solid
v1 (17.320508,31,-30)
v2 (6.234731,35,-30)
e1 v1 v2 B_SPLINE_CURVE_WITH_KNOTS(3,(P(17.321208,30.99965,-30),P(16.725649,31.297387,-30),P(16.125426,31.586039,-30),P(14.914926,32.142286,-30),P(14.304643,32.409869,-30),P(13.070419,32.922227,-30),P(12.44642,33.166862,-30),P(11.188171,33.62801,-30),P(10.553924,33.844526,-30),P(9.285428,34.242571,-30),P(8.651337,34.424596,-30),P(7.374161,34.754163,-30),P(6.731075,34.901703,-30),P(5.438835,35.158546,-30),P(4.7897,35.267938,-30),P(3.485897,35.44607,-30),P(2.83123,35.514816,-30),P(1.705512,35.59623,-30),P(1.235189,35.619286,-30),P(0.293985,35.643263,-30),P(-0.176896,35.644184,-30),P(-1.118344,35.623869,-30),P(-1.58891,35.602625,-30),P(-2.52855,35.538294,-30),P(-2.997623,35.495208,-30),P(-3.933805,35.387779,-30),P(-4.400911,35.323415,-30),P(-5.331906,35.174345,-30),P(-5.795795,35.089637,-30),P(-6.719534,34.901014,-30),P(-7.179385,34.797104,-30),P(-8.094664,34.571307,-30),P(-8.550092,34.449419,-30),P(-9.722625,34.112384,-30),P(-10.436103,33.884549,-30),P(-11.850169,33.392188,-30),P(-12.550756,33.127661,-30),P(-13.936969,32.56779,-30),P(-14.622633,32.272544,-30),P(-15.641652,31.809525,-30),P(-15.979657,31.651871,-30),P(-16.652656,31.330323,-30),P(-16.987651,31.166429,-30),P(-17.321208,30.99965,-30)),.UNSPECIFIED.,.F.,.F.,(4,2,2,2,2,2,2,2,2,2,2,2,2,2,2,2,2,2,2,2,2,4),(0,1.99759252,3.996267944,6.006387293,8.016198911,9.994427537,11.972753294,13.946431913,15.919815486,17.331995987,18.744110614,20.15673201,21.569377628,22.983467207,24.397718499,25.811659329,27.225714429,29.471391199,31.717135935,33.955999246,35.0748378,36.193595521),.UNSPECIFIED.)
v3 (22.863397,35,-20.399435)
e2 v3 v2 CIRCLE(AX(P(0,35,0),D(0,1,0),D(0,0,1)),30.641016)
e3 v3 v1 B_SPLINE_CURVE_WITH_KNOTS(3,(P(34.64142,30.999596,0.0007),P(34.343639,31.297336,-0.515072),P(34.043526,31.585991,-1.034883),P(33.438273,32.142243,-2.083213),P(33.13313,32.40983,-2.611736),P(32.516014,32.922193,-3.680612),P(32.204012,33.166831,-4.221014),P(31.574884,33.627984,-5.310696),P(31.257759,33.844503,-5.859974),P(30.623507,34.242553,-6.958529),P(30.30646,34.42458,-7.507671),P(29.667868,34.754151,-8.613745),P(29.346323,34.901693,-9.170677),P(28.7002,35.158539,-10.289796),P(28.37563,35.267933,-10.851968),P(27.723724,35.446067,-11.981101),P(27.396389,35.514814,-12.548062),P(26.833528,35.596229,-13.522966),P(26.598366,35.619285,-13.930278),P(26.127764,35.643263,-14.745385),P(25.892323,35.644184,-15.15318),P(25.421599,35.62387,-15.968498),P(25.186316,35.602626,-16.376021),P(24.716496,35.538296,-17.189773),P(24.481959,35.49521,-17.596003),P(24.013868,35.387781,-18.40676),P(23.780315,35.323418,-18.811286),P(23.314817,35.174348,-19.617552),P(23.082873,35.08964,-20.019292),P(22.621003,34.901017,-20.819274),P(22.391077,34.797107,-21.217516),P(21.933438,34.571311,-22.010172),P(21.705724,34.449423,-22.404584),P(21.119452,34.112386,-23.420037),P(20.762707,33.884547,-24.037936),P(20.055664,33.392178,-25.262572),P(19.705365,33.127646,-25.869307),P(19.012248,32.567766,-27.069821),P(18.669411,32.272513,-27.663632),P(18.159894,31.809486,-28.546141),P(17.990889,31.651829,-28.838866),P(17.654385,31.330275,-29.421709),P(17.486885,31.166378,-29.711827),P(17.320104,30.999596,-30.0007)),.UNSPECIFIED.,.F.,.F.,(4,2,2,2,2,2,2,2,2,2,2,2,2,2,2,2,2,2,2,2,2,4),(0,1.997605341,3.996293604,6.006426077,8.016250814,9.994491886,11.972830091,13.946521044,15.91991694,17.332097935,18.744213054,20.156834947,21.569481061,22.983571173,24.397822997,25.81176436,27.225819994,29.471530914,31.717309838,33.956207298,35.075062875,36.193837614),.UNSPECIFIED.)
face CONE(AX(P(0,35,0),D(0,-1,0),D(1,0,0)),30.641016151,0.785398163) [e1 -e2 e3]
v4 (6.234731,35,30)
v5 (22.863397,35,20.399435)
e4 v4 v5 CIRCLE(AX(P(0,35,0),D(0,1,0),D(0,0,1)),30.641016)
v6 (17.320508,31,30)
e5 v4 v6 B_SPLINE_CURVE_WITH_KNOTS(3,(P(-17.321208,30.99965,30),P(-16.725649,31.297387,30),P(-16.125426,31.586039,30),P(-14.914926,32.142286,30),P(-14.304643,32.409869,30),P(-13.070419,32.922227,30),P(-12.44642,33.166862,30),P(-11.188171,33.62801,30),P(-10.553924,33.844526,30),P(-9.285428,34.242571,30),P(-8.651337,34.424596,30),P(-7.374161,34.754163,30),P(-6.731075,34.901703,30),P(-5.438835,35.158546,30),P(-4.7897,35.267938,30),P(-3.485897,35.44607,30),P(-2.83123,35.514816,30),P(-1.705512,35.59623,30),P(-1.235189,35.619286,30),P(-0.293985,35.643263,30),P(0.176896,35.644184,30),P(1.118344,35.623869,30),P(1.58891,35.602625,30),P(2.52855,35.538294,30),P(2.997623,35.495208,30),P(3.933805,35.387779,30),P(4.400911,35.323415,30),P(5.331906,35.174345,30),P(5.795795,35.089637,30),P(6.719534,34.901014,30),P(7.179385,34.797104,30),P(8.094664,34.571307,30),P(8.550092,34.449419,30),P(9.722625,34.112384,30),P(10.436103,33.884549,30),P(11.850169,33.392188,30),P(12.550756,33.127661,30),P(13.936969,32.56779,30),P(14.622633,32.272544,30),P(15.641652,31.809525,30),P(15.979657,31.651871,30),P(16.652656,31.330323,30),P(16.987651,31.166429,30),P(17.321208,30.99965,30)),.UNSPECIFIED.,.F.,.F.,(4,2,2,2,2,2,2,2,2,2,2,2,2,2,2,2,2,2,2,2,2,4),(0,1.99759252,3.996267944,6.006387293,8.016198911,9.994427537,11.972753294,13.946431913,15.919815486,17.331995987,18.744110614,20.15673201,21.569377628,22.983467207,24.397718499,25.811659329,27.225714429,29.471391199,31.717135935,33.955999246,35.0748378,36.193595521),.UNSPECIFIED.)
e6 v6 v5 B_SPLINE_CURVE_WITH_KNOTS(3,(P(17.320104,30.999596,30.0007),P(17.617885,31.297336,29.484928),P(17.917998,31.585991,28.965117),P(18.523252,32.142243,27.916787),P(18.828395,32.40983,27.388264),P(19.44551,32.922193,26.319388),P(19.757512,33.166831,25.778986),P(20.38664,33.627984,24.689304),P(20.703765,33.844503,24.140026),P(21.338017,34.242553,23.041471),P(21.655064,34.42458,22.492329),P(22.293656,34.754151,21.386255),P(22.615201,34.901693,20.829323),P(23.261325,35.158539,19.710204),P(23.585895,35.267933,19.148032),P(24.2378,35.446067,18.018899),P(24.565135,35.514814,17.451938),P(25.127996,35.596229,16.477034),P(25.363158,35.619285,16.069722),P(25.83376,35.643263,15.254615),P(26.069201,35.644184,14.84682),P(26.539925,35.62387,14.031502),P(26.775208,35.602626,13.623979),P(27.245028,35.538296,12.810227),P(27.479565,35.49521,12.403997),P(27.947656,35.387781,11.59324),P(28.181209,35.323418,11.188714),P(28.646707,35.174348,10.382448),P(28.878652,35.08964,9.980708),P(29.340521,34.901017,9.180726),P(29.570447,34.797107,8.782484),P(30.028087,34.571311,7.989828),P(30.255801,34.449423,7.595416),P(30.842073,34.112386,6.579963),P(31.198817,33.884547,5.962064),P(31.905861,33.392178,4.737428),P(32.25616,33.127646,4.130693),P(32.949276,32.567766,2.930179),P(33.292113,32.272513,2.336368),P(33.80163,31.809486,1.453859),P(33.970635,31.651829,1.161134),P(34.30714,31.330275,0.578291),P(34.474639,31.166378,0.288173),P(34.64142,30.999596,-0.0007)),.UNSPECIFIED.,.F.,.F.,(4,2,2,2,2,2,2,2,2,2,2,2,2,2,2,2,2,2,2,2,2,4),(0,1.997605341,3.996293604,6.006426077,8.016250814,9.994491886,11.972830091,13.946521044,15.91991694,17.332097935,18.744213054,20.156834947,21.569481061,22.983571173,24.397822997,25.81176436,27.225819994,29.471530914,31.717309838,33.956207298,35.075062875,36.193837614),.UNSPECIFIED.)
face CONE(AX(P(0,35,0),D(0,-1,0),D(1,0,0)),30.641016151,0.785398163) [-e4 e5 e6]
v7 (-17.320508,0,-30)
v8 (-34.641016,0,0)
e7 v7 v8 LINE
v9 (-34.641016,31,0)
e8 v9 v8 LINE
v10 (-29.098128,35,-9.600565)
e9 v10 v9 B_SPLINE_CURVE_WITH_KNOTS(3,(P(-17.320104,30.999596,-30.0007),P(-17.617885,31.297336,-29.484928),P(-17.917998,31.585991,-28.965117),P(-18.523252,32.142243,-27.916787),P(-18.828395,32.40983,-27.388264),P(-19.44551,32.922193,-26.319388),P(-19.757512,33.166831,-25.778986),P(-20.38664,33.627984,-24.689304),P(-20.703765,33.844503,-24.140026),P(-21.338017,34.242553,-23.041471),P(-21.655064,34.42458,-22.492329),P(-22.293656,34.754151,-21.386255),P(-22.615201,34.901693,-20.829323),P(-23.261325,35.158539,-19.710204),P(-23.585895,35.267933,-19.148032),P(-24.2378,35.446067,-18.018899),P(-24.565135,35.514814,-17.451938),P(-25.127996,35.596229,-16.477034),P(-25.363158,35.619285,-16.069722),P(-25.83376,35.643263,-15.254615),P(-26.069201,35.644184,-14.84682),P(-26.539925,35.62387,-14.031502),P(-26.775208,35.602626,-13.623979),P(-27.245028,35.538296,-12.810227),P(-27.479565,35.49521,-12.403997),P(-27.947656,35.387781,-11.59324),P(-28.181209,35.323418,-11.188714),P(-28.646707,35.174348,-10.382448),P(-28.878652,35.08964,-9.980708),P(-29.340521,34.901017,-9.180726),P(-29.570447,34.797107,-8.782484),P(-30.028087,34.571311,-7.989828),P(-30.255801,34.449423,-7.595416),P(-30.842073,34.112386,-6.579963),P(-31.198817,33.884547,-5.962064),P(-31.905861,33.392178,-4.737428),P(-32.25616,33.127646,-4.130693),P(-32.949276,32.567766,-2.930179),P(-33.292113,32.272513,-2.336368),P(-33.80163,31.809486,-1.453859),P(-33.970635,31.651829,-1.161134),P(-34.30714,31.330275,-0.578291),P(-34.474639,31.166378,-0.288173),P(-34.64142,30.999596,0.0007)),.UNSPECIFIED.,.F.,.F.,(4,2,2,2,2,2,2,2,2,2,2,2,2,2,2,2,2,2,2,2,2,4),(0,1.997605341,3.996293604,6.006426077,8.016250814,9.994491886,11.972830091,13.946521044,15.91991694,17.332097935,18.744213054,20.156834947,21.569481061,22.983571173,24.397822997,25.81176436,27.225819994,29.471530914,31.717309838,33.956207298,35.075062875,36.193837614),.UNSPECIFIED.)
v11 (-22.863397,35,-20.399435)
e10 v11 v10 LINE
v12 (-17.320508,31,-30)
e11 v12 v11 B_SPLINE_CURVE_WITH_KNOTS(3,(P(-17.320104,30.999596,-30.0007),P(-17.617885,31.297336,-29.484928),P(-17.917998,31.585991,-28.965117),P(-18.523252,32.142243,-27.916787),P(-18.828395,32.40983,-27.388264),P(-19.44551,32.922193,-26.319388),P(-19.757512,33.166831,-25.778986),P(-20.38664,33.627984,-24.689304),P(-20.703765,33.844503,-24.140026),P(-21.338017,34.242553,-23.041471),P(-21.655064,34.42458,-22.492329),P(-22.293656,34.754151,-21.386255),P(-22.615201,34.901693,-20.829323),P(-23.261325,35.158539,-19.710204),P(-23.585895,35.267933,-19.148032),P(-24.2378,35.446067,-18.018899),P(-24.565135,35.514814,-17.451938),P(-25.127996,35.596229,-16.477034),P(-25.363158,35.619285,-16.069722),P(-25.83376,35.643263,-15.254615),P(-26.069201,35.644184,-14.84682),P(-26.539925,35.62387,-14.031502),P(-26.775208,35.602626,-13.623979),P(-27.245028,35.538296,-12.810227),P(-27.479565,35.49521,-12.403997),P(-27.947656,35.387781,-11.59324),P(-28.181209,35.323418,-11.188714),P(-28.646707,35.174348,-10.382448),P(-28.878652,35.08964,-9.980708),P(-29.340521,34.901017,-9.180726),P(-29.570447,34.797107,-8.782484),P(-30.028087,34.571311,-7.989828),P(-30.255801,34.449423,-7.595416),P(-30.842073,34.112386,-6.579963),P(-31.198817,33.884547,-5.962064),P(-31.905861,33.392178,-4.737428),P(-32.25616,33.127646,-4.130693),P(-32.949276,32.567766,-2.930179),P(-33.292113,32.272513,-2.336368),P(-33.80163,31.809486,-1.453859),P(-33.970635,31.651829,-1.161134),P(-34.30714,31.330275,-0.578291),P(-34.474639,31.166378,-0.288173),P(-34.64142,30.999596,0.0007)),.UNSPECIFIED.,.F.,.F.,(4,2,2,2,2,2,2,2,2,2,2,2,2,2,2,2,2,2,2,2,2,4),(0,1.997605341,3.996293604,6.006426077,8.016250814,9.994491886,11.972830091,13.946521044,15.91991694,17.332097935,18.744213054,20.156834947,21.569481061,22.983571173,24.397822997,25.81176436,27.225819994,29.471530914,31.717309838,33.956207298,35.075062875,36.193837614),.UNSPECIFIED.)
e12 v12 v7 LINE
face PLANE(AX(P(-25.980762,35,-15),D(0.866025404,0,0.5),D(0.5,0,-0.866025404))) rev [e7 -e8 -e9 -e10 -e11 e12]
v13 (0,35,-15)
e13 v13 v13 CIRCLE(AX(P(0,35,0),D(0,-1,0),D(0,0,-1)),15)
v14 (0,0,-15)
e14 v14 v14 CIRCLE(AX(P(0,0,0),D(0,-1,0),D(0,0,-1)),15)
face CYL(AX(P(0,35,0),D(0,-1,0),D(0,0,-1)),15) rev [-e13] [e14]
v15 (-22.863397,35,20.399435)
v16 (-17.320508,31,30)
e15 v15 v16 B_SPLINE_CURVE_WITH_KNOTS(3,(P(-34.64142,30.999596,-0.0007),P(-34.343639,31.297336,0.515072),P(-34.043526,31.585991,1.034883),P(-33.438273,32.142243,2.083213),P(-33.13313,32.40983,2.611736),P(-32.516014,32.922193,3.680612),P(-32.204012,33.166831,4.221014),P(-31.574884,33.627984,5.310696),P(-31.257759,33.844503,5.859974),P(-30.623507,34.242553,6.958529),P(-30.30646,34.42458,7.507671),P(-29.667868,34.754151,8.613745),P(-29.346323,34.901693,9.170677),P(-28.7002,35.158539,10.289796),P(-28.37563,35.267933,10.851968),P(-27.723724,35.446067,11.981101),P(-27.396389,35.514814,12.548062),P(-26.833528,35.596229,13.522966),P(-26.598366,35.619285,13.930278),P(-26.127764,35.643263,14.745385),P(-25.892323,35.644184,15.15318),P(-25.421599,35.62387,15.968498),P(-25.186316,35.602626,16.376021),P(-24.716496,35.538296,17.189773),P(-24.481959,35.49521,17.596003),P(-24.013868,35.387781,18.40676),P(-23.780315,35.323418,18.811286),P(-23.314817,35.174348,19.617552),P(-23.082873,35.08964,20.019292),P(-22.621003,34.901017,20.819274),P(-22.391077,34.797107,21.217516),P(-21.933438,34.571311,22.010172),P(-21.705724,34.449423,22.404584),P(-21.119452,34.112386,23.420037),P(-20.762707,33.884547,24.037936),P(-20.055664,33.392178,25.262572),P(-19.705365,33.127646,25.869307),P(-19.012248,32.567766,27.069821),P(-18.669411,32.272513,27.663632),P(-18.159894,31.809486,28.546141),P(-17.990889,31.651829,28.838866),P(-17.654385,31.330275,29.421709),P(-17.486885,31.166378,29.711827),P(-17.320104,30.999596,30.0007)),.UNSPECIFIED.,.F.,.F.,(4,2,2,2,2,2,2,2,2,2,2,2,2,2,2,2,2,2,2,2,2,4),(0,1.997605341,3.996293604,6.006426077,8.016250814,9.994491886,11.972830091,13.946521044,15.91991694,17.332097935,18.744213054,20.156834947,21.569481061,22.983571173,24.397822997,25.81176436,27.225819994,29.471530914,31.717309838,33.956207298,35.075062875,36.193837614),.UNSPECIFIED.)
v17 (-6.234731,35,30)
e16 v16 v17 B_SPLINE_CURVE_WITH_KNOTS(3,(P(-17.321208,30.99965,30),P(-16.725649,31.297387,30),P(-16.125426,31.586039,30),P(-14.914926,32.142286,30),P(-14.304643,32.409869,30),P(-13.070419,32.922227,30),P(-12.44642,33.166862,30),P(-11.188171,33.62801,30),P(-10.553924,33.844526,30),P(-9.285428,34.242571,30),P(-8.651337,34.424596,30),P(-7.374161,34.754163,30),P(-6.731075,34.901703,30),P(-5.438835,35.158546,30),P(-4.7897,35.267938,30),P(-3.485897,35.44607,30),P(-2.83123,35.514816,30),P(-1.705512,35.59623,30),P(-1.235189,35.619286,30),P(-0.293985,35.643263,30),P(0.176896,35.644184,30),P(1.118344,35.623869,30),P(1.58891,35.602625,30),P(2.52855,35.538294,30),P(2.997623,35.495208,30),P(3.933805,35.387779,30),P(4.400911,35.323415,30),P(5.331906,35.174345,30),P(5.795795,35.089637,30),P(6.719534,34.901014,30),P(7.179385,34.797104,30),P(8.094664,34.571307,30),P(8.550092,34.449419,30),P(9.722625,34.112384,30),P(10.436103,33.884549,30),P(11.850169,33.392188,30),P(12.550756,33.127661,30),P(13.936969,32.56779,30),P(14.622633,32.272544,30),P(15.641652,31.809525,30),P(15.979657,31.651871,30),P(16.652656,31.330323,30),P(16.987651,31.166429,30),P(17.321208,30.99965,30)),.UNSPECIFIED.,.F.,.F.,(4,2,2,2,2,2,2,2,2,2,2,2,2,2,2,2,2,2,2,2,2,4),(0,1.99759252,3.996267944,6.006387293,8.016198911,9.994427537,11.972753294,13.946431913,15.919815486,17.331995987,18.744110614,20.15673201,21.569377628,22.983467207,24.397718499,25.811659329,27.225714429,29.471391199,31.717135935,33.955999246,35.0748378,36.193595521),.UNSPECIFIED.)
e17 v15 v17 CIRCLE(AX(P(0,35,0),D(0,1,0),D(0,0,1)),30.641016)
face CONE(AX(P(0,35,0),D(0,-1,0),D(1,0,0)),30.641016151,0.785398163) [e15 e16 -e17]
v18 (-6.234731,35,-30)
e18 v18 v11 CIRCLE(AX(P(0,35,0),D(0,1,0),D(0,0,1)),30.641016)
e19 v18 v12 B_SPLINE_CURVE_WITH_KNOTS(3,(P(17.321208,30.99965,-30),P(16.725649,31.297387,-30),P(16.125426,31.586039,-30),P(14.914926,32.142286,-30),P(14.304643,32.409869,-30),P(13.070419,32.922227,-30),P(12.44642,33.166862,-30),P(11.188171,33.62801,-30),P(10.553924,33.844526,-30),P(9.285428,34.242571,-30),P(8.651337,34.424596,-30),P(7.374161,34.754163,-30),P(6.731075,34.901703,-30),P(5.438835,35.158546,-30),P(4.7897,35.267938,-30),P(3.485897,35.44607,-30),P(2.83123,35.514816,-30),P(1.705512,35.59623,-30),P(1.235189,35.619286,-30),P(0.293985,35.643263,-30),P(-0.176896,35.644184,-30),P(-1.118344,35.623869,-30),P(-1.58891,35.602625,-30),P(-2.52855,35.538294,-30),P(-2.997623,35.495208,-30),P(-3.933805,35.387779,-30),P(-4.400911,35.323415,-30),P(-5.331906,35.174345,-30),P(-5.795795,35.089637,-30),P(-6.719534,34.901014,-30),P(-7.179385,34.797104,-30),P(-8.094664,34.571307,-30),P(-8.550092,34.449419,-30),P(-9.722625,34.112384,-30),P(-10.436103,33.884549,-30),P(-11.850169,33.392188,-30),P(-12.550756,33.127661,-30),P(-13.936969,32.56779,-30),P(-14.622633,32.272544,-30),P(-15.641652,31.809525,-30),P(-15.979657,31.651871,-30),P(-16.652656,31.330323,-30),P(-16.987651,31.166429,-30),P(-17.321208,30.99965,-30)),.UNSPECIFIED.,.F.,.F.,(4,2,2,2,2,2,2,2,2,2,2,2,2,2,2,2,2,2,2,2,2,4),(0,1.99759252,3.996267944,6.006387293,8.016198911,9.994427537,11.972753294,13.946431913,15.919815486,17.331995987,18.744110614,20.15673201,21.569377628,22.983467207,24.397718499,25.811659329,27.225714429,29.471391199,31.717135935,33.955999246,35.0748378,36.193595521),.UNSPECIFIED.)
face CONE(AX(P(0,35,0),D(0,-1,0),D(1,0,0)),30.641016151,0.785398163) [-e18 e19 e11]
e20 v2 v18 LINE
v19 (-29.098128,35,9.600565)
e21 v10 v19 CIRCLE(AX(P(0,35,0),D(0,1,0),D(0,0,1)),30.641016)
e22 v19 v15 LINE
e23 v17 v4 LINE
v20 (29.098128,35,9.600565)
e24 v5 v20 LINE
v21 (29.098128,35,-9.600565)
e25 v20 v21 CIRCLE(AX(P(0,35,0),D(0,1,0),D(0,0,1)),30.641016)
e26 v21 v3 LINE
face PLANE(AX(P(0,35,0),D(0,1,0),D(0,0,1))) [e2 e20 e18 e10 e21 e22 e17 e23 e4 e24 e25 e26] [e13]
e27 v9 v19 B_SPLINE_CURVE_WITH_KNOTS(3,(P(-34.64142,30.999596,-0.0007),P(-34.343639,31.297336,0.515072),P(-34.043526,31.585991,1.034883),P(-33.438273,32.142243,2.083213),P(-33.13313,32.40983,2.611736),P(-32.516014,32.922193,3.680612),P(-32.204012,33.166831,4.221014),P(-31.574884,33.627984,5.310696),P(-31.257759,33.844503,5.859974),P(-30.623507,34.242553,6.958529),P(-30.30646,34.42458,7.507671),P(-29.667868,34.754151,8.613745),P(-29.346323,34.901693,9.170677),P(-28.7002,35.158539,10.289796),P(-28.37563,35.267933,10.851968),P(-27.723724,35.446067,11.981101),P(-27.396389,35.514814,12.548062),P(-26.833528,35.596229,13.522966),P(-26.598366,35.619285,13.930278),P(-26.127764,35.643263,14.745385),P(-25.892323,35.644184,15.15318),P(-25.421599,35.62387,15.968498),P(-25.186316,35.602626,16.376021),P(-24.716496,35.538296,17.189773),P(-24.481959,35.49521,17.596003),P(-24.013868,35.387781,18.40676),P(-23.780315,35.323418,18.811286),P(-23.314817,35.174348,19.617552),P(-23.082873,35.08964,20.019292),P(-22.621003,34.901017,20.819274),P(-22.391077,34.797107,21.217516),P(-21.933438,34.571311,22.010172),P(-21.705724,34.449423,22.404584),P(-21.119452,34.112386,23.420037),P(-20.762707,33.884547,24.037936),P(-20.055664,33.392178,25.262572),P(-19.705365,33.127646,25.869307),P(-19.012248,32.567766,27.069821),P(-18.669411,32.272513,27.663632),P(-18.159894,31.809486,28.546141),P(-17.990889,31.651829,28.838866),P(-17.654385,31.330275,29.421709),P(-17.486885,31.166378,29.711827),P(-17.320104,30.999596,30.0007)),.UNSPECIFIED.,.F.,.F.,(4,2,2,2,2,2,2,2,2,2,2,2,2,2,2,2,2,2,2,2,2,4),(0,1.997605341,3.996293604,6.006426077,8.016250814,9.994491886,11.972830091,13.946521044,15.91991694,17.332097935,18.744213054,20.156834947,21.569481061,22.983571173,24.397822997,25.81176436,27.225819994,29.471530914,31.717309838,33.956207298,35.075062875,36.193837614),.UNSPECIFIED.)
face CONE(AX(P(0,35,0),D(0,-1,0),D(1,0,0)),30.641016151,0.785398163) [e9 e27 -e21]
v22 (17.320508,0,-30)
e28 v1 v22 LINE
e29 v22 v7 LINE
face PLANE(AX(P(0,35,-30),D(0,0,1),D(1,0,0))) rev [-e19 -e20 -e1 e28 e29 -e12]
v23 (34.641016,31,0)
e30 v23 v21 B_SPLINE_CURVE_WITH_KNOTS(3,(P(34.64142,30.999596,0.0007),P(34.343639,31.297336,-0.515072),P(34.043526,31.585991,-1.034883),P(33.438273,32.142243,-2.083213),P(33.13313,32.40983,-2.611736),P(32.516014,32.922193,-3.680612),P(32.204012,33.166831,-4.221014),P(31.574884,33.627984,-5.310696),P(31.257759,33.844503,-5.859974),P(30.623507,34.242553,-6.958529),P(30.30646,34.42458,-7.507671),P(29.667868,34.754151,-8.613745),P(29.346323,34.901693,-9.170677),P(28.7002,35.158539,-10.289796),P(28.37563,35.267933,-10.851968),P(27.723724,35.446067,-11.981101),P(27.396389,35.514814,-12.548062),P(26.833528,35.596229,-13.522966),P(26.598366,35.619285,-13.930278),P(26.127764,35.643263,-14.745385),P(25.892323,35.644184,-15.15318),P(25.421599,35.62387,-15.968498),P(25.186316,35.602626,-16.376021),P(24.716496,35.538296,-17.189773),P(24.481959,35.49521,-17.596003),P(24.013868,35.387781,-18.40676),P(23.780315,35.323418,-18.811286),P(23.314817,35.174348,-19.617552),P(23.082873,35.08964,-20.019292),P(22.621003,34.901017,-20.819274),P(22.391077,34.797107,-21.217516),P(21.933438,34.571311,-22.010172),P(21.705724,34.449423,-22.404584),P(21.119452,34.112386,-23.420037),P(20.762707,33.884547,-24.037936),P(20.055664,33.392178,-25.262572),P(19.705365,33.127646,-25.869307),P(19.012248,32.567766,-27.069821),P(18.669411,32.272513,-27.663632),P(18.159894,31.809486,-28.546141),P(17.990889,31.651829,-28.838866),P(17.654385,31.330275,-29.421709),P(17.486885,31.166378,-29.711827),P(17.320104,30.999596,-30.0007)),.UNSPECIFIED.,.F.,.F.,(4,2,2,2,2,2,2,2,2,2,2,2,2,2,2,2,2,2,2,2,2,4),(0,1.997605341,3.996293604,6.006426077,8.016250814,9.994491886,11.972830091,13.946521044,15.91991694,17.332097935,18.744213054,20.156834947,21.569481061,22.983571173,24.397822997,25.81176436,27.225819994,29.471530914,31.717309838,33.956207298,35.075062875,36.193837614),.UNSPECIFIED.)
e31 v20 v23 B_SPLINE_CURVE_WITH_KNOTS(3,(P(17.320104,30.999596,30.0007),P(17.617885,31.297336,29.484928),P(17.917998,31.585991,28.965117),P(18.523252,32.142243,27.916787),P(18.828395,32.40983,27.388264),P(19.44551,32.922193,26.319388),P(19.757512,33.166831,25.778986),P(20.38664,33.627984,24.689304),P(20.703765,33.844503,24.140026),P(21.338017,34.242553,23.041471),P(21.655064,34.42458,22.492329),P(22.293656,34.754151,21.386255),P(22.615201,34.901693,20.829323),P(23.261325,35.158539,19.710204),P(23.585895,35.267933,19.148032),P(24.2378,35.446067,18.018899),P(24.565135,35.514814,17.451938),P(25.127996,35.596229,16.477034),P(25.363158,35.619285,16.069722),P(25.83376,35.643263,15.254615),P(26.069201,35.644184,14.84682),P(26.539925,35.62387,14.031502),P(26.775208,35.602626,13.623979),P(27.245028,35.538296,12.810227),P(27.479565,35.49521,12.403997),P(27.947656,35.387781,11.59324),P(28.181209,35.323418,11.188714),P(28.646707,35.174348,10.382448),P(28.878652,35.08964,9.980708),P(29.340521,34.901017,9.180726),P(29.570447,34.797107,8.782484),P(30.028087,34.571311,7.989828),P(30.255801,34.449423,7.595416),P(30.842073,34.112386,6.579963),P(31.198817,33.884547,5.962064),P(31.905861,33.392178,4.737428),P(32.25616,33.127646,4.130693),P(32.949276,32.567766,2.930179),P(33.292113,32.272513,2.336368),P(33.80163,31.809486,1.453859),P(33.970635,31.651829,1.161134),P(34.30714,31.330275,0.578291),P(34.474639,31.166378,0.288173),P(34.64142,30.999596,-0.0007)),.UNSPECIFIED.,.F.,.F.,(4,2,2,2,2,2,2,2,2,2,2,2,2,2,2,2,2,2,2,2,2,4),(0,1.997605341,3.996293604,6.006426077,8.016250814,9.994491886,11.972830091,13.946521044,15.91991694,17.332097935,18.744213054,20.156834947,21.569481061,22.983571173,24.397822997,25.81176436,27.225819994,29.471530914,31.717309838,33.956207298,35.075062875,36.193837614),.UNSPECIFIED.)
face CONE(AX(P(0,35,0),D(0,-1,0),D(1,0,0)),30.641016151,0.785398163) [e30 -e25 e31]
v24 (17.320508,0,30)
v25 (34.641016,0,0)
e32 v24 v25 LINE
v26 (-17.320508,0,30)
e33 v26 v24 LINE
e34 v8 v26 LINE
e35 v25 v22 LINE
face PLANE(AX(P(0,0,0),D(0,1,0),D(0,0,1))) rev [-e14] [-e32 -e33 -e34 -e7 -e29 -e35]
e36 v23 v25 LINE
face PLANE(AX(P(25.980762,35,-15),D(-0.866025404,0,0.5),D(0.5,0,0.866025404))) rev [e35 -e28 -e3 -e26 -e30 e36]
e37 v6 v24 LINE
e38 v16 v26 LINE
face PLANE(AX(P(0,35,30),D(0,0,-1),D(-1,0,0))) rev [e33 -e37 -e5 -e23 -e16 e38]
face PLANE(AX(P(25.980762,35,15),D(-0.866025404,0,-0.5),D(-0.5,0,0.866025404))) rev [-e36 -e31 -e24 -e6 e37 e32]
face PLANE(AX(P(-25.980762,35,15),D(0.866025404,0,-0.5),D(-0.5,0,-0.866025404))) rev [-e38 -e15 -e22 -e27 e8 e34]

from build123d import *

# Parameters (mm, degrees)
BOSS_EXTRUDE1_DEPTH = 35
SKETCH8_R           = 15
CUT_EXTRUDE1_DEPTH  = 58.662812973


with BuildPart() as part:
    # Sketch1 → Boss-Extrude1 (new body)
    with BuildSketch(Plane(origin=(0, 0, 0), x_dir=(1, 0, 0), z_dir=(0, 1, 0))):
        Polygon((-17.320508076, -30), (17.320508076, -30), (34.641016151, 0), (-34.641016151, 0), align=None)
        Polygon((-34.641016151, 0), (34.641016151, 0), (17.320508076, 30), (-17.320508076, 30), align=None)
    extrude(amount=BOSS_EXTRUDE1_DEPTH)

    # Sketch6 → Cut-Revolve2 (revolve, cut)
    with BuildSketch(Plane.XY):
        Polygon((30.641016151, 35), (34.641016151, 31), (34.641016151, 35), align=None)
    revolve(axis=Axis((0, 42.436882795, 0), (0, -1, 0)), mode=Mode.SUBTRACT)

    # Sketch8 → Cut-Extrude1 (cut, through all)
    with BuildSketch(Plane(origin=(0, 0, 0), x_dir=(-1, 0, 0), z_dir=(0, -1, 0))):
        with Locations(Location((0, 0, 0), (0, 0, 90))):
            Circle(SKETCH8_R)
    extrude(amount=-CUT_EXTRUDE1_DEPTH, mode=Mode.SUBTRACT)


solid = part.part
